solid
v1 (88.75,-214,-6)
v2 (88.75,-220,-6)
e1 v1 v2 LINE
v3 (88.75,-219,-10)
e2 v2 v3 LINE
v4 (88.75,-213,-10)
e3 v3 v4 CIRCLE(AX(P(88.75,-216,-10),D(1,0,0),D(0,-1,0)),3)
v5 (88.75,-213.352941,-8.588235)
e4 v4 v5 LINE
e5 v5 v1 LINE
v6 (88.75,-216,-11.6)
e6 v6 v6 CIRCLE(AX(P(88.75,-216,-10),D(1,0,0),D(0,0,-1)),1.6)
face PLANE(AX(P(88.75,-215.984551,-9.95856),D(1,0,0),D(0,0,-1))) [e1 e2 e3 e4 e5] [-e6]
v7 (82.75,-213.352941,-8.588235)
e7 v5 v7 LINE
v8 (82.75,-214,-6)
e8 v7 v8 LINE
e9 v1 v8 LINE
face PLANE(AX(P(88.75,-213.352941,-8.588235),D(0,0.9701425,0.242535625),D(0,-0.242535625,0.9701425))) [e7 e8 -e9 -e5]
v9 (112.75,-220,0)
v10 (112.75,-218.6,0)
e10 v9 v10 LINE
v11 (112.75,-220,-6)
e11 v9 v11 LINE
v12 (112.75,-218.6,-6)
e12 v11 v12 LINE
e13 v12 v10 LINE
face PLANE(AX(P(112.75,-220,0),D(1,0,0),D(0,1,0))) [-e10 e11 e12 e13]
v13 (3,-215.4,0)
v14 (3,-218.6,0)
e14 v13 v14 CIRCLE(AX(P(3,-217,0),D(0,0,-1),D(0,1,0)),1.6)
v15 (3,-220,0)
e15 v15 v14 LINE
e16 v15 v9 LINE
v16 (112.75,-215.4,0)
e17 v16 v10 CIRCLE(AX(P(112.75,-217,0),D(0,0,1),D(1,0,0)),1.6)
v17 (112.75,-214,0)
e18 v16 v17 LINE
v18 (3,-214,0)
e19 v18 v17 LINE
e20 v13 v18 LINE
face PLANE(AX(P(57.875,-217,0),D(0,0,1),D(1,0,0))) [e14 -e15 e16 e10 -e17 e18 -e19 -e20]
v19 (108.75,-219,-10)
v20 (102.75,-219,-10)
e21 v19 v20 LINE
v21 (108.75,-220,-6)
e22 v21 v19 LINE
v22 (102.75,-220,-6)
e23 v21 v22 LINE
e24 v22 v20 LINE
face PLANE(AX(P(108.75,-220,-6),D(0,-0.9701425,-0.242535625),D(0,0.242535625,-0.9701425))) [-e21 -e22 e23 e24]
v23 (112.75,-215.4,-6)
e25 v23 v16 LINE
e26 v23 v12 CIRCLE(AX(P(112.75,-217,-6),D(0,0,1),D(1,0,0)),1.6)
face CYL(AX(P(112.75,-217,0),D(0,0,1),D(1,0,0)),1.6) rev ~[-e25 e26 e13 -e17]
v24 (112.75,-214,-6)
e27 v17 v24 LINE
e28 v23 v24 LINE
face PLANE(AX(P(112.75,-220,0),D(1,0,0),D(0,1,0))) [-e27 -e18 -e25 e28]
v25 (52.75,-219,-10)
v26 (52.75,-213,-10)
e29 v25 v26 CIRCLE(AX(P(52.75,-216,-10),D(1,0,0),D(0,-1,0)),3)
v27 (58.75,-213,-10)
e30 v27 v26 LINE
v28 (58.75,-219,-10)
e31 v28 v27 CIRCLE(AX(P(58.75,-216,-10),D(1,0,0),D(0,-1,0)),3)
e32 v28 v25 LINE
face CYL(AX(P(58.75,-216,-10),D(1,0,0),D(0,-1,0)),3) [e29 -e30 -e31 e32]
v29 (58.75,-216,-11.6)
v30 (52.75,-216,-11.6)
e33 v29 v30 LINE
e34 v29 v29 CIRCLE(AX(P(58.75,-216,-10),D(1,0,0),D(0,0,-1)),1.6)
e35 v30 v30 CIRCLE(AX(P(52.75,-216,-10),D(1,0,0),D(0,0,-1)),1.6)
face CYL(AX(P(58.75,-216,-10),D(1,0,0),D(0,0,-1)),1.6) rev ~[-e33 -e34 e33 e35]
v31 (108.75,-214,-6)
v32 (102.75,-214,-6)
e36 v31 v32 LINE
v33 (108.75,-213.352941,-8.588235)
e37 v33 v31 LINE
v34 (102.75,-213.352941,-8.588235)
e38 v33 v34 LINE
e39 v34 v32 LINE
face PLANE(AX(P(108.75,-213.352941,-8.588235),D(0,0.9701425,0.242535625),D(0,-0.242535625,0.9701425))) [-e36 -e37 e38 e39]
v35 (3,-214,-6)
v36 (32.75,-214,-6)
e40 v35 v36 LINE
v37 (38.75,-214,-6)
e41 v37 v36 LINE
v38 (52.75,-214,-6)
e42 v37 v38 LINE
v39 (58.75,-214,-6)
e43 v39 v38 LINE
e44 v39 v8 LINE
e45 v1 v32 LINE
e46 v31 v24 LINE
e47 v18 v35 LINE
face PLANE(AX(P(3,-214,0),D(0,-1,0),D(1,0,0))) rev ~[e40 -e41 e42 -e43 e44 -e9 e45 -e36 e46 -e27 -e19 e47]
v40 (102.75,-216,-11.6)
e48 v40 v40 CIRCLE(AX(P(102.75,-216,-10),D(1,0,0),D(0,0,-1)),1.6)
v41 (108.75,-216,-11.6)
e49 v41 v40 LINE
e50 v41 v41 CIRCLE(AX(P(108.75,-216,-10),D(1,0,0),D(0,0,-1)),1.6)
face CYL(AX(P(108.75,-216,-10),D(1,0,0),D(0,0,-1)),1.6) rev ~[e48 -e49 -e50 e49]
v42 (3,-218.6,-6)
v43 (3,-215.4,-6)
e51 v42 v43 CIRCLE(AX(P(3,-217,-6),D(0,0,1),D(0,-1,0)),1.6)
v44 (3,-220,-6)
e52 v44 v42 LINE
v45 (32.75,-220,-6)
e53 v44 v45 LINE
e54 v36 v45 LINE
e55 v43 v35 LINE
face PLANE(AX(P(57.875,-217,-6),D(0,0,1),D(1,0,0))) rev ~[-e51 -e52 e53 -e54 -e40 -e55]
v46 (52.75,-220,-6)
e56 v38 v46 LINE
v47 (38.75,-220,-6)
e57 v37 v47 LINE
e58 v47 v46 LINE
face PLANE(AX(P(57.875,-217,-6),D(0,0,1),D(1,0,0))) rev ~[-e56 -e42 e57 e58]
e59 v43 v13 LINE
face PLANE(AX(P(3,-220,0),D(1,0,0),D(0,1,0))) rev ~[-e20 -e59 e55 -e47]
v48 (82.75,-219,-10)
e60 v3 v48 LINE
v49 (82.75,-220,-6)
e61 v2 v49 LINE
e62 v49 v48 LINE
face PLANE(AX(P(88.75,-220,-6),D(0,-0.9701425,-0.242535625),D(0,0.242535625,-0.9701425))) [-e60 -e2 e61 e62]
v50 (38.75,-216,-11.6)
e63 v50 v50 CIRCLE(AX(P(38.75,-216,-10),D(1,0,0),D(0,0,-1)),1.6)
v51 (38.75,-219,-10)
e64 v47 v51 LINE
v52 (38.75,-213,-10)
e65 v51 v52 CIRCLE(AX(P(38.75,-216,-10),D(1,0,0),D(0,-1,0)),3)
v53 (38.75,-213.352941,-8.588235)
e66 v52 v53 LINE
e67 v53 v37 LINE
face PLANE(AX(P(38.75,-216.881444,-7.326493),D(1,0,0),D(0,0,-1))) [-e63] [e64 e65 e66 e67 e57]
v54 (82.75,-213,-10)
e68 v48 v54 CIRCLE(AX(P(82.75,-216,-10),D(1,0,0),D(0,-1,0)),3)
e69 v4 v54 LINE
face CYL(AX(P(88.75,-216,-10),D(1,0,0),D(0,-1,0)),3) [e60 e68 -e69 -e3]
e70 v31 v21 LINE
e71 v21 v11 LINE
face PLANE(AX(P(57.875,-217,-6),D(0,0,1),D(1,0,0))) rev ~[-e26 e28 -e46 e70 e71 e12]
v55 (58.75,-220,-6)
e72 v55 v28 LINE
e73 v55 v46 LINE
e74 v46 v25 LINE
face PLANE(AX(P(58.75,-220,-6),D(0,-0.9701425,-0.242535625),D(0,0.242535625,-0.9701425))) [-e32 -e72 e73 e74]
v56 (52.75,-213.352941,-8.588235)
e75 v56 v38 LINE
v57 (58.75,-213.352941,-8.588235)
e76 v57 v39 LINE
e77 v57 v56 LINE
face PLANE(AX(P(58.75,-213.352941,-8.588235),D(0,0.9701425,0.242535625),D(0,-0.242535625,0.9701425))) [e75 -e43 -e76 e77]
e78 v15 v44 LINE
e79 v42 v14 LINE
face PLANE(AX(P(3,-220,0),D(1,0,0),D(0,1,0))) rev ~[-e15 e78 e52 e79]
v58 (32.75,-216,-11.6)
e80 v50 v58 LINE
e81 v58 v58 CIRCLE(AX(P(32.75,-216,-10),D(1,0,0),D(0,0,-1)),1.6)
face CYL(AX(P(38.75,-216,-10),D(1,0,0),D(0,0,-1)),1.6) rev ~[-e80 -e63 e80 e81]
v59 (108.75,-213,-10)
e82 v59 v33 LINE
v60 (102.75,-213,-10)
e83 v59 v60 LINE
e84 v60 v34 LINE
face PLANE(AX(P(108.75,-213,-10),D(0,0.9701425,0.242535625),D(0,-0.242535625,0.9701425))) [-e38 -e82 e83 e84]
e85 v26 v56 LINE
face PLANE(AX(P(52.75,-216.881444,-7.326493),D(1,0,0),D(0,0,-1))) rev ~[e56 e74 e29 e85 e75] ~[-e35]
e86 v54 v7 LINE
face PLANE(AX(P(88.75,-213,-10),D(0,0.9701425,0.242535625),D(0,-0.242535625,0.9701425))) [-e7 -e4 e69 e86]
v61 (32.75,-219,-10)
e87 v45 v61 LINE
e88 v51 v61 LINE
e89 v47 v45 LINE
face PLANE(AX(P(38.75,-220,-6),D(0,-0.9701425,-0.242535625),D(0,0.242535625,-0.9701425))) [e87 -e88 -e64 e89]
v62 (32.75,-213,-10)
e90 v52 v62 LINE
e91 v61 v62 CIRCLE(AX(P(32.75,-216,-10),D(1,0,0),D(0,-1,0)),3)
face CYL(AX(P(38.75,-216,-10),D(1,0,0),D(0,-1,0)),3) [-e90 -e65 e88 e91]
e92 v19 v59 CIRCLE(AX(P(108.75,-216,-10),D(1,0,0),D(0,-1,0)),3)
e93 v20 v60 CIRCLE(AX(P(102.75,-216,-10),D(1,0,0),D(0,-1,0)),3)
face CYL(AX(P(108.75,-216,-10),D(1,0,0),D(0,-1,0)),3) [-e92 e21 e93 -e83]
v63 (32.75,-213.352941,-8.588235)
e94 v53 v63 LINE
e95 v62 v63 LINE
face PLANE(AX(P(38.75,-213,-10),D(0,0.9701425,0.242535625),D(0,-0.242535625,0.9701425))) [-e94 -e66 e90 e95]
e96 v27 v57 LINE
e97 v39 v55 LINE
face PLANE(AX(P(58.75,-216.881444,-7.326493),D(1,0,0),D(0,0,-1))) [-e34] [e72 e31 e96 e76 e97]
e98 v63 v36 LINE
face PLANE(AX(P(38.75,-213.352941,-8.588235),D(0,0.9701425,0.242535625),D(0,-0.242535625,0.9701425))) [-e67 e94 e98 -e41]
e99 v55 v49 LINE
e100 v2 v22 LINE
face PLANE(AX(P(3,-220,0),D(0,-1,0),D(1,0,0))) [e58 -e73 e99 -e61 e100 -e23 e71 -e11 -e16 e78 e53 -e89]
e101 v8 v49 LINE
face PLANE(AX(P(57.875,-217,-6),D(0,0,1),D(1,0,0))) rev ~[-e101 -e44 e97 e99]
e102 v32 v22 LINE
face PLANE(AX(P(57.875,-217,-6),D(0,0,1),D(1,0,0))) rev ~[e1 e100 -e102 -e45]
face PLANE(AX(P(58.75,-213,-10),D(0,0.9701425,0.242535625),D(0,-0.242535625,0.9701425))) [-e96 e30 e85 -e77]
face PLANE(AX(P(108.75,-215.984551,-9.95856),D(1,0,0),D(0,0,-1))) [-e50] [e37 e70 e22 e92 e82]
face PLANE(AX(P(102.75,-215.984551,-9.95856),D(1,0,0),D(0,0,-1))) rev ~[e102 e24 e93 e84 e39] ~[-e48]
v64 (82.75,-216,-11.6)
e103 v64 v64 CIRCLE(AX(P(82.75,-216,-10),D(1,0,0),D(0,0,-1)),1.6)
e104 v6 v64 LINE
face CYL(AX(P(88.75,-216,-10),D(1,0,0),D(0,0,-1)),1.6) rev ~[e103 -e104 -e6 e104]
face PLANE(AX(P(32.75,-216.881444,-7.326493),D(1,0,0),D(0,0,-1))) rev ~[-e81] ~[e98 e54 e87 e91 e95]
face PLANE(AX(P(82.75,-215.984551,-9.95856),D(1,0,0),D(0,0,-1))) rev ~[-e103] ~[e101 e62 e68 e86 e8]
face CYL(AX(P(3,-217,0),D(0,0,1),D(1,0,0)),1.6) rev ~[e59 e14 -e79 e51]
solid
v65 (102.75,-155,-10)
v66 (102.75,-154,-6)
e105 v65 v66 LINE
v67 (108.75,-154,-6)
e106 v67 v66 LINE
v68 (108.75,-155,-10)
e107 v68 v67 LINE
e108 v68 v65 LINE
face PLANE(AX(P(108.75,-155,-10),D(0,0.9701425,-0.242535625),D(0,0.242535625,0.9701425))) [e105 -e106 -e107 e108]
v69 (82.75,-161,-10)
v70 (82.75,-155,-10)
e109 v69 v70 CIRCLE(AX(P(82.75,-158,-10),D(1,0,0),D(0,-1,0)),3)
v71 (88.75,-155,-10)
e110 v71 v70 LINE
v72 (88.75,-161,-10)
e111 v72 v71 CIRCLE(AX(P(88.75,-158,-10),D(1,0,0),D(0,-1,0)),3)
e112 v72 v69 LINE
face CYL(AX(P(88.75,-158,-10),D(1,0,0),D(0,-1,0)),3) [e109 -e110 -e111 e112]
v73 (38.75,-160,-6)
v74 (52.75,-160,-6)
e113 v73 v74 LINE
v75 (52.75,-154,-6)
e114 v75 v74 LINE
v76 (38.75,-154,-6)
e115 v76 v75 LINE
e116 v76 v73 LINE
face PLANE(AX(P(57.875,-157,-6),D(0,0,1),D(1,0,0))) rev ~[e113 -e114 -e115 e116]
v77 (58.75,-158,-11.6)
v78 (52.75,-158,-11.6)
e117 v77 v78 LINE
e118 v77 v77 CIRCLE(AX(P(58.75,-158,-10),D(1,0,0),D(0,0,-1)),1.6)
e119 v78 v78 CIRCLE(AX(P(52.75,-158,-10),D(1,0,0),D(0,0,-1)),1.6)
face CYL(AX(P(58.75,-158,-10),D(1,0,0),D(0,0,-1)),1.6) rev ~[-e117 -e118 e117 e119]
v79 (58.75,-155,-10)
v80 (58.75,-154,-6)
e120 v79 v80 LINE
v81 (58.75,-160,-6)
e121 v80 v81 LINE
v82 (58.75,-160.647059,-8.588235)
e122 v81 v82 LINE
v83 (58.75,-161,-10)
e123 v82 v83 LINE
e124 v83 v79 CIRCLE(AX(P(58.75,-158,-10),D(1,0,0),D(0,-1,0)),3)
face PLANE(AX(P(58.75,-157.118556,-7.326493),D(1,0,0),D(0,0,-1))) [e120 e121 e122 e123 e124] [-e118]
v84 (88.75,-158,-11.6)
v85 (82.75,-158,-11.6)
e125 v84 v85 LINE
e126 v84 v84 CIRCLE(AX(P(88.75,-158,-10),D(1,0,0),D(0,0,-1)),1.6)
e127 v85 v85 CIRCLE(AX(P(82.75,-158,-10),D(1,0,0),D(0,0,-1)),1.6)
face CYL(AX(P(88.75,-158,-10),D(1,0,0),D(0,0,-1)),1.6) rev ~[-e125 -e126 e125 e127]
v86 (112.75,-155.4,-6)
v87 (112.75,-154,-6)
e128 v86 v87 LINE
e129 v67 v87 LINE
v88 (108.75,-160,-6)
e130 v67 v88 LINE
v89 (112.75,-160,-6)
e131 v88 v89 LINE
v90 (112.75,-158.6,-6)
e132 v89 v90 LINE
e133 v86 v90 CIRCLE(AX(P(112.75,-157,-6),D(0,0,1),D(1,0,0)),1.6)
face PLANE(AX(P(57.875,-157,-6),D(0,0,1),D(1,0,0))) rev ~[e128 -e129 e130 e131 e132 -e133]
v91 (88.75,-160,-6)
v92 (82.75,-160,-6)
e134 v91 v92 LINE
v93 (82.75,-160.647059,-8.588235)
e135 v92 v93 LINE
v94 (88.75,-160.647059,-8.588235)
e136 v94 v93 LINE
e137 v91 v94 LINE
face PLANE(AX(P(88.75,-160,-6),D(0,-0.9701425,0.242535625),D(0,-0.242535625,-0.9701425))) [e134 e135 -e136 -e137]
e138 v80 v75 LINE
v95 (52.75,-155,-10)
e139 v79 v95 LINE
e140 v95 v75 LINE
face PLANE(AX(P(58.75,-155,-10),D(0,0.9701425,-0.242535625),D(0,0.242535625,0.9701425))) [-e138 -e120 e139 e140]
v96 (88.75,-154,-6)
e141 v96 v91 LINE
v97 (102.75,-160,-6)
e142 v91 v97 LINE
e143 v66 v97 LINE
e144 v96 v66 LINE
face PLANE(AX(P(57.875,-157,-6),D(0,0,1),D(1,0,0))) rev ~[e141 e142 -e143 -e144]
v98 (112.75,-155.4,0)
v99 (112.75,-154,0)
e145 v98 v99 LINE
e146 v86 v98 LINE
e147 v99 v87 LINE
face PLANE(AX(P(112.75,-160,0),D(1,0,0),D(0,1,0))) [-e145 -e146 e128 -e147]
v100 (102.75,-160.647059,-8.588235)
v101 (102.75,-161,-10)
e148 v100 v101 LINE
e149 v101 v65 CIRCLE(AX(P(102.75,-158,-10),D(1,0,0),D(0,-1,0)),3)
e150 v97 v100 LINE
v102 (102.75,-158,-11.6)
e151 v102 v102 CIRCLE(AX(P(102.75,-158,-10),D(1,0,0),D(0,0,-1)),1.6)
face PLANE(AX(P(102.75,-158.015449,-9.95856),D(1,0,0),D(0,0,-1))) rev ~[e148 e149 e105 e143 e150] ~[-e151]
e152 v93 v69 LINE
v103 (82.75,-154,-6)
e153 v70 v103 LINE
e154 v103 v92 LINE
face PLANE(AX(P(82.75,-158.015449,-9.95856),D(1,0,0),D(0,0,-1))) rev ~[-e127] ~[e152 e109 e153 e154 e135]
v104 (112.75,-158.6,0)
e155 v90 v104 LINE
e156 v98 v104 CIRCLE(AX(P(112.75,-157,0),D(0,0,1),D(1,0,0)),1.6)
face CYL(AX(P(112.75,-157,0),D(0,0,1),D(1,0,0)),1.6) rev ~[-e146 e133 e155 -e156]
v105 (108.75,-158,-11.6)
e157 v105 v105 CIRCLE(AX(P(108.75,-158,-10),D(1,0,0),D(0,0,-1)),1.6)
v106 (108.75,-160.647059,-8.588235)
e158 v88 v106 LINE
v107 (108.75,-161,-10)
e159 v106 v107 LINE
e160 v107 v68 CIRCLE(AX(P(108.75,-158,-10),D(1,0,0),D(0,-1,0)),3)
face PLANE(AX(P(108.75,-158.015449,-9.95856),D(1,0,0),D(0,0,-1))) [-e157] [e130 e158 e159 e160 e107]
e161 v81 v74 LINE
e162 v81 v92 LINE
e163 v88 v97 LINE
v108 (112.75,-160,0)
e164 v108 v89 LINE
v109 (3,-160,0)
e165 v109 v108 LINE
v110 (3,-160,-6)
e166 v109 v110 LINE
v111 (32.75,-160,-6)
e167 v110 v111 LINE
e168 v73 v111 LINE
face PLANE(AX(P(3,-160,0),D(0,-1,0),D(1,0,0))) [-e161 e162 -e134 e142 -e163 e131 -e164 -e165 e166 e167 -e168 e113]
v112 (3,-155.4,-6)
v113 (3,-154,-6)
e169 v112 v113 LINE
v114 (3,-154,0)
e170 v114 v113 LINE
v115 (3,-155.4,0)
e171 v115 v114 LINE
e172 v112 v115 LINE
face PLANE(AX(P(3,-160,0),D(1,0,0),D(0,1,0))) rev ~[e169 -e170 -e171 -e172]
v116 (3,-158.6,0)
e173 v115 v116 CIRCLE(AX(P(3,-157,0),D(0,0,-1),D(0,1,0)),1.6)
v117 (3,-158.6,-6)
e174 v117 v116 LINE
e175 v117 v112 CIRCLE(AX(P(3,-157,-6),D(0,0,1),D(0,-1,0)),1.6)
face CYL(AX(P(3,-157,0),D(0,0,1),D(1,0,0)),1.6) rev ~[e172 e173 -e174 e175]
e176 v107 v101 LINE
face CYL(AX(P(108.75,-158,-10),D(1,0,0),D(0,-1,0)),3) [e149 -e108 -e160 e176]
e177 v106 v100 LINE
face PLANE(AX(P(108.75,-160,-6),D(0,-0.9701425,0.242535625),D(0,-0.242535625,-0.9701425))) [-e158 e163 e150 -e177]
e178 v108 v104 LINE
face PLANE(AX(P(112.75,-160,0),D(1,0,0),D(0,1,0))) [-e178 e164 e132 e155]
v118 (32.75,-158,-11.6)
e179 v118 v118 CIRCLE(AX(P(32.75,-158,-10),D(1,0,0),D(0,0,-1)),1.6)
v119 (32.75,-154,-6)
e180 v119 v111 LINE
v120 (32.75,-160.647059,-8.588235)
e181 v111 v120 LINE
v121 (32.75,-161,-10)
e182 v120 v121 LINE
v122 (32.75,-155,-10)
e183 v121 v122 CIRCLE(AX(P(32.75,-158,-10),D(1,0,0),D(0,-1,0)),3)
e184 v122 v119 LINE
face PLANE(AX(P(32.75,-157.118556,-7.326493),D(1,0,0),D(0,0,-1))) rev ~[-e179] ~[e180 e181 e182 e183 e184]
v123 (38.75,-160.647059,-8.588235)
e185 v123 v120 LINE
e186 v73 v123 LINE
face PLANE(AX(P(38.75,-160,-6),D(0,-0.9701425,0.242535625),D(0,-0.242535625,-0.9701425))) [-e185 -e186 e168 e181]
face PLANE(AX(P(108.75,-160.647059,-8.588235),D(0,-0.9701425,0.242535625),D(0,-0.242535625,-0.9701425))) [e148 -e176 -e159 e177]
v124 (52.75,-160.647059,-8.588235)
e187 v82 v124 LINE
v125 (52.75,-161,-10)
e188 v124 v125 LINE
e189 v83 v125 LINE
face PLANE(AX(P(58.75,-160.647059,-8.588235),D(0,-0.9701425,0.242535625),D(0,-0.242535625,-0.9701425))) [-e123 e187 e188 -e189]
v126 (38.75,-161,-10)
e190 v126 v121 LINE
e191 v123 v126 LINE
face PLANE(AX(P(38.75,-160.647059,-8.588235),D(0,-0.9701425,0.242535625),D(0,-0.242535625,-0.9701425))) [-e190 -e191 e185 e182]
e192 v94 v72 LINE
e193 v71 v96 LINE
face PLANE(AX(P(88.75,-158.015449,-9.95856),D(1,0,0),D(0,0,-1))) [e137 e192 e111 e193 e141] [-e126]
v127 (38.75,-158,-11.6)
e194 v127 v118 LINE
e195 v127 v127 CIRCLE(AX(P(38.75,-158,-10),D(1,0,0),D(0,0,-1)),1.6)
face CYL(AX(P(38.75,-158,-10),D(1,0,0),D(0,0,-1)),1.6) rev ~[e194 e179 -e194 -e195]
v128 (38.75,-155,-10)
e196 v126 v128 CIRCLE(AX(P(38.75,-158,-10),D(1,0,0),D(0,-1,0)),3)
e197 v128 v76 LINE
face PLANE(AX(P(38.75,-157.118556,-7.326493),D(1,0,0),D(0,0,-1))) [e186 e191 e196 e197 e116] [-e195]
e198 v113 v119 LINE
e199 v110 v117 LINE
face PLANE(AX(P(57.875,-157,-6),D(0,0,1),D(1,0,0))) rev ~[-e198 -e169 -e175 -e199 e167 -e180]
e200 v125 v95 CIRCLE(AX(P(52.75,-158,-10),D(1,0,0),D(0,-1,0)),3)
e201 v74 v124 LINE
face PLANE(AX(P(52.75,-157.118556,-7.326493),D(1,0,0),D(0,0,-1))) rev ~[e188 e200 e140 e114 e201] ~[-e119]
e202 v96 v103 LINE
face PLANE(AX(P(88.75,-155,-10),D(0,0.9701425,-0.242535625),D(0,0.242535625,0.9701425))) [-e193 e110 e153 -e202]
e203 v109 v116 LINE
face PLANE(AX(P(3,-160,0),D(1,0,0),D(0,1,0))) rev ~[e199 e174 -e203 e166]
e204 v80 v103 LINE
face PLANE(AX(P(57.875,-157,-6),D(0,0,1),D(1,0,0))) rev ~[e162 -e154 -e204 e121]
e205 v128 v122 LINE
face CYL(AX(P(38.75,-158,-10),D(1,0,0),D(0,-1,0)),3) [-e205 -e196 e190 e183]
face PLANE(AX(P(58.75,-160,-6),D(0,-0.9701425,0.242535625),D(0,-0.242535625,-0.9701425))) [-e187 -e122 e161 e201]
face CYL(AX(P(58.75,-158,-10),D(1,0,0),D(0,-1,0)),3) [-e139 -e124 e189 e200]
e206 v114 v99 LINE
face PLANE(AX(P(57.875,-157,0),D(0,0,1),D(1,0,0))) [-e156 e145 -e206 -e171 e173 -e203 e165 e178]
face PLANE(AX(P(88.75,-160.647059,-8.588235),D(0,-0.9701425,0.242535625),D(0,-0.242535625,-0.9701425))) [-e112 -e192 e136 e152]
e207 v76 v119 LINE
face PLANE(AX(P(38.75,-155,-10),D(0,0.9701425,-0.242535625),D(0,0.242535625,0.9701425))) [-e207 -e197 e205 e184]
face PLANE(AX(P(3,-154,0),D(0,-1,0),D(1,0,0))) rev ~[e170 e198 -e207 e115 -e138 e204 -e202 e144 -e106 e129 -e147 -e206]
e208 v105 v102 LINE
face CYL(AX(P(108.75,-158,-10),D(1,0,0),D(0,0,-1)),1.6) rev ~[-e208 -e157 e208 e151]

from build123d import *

# Parameters (mm, degrees)
SKETCH1_W             = 109.75
SKETCH1_H             = 6
BOSS_EXTRUDE1_DEPTH   = 6
BOSS_EXTRUDE1_2_DEPTH = 6
BOSS_EXTRUDE2_START   = -4
SKETCH2_R             = 1.6
BOSS_EXTRUDE2_DEPTH   = 6
LPATTERN1_COUNT       = 8
LPATTERN1_PITCH       = 10
CUT_EXTRUDE1_REACH    = 249.551
SKETCH3_R             = 1.6


with BuildPart() as part:
    # Sketch1 → Boss-Extrude1 (new body)
    with BuildSketch(Plane.XY):
        with Locations((57.875, -217)):
            Rectangle(SKETCH1_W, SKETCH1_H)
    extrude(amount=-BOSS_EXTRUDE1_DEPTH)



with BuildPart() as body_2:
    # Sketch1 → Boss-Extrude1 2 (new body)
    with BuildSketch(Plane.XY):
        with Locations((57.875, -157)):
            Rectangle(SKETCH1_W, SKETCH1_H)
    extrude(amount=-BOSS_EXTRUDE1_2_DEPTH)


with BuildPart() as part_1:
    add(part.part)

    add(body_2.part)  # Boss-Extrude2 merges body 2
    # Sketch2 → Boss-Extrude2 (add)
    # profile 1 of 4: a face of its own
    with BuildSketch(Plane(origin=(112.75, 0, 0), x_dir=(0, 0, -1), z_dir=(1, 0, 0)).offset(BOSS_EXTRUDE2_START)):
        with BuildLine():
            Line((10, -213), (8.588235294, -213.352941176))
            ThreePointArc((8.588235294, -213.352941176), (7.0895725, -216.727606875), (10, -219))
            ThreePointArc((10, -219), (13, -216), (10, -213))
        make_face()
        with Locations((10, -216)):
            Circle(SKETCH2_R, mode=Mode.SUBTRACT)
    # profile 2 of 4: a face of its own
    with BuildSketch(Plane(origin=(112.75, 0, 0), x_dir=(0, 0, -1), z_dir=(1, 0, 0)).offset(BOSS_EXTRUDE2_START)):
        with BuildLine():
            Line((8.588235294, -213.352941176), (6, -214))
            Line((6, -214), (6, -220))
            Line((6, -220), (10, -219))
            ThreePointArc((10, -219), (7.0895725, -216.727606875), (8.588235294, -213.352941176))
        make_face()
    # profile 3 of 4: a face of its own
    with BuildSketch(Plane(origin=(112.75, 0, 0), x_dir=(0, 0, -1), z_dir=(1, 0, 0)).offset(BOSS_EXTRUDE2_START)):
        with BuildLine():
            ThreePointArc((10, -161), (13, -158), (10, -155))
            ThreePointArc((10, -155), (7.0895725, -157.272393125), (8.588235294, -160.647058824))
            Line((8.588235294, -160.647058824), (10, -161))
        make_face()
        with Locations((10, -158)):
            Circle(SKETCH2_R, mode=Mode.SUBTRACT)
    # profile 4 of 4: a face of its own
    with BuildSketch(Plane(origin=(112.75, 0, 0), x_dir=(0, 0, -1), z_dir=(1, 0, 0)).offset(BOSS_EXTRUDE2_START)):
        with BuildLine():
            Line((10, -155), (6, -154))
            Line((6, -154), (6, -160))
            Line((6, -160), (8.588235294, -160.647058824))
            ThreePointArc((8.588235294, -160.647058824), (7.0895725, -157.272393125), (10, -155))
        make_face()
    boss_extrude2 = extrude(amount=-BOSS_EXTRUDE2_DEPTH)

    # LPattern1: Boss-Extrude2 ×8, 4 skipped
    with Locations(*[(-i * LPATTERN1_PITCH, 0, 0) for i in range(1, LPATTERN1_COUNT) if i not in (1, 3, 4, 6)]):
        add(boss_extrude2)

    # Sketch3 → Cut-Extrude1 (cut, up to next)
    with BuildSketch(Plane.XY, mode=Mode.PRIVATE) as cut_extrude1_sk1:
        with Locations((3, -217)):
            Circle(SKETCH3_R)
    cut_extrude1_tool1 = extrude(cut_extrude1_sk1.sketch, amount=-CUT_EXTRUDE1_REACH, mode=Mode.PRIVATE) & part_1.part
    # Sketch3 → Cut-Extrude1 (cut, up to next)
    with BuildSketch(Plane.XY, mode=Mode.PRIVATE) as cut_extrude1_sk2:
        with Locations((3, -157)):
            Circle(SKETCH3_R)
    cut_extrude1_tool2 = extrude(cut_extrude1_sk2.sketch, amount=-CUT_EXTRUDE1_REACH, mode=Mode.PRIVATE) & part_1.part
    # Sketch3 → Cut-Extrude1 (cut, up to next)
    with BuildSketch(Plane.XY, mode=Mode.PRIVATE) as cut_extrude1_sk3:
        with Locations((112.75, -157)):
            Circle(SKETCH3_R)
    cut_extrude1_tool3 = extrude(cut_extrude1_sk3.sketch, amount=-CUT_EXTRUDE1_REACH, mode=Mode.PRIVATE) & part_1.part
    # Sketch3 → Cut-Extrude1 (cut, up to next)
    with BuildSketch(Plane.XY, mode=Mode.PRIVATE) as cut_extrude1_sk4:
        with Locations((112.75, -217)):
            Circle(SKETCH3_R)
    cut_extrude1_tool4 = extrude(cut_extrude1_sk4.sketch, amount=-CUT_EXTRUDE1_REACH, mode=Mode.PRIVATE) & part_1.part
    add(cut_extrude1_tool1.solids().sort_by_distance((3, -217, 0))[0], mode=Mode.SUBTRACT)
    add(cut_extrude1_tool2.solids().sort_by_distance((3, -157, 0))[0], mode=Mode.SUBTRACT)
    add(cut_extrude1_tool3.solids().sort_by_distance((112.75, -157, 0))[0], mode=Mode.SUBTRACT)
    add(cut_extrude1_tool4.solids().sort_by_distance((112.75, -217, 0))[0], mode=Mode.SUBTRACT)


solid = part_1.part
